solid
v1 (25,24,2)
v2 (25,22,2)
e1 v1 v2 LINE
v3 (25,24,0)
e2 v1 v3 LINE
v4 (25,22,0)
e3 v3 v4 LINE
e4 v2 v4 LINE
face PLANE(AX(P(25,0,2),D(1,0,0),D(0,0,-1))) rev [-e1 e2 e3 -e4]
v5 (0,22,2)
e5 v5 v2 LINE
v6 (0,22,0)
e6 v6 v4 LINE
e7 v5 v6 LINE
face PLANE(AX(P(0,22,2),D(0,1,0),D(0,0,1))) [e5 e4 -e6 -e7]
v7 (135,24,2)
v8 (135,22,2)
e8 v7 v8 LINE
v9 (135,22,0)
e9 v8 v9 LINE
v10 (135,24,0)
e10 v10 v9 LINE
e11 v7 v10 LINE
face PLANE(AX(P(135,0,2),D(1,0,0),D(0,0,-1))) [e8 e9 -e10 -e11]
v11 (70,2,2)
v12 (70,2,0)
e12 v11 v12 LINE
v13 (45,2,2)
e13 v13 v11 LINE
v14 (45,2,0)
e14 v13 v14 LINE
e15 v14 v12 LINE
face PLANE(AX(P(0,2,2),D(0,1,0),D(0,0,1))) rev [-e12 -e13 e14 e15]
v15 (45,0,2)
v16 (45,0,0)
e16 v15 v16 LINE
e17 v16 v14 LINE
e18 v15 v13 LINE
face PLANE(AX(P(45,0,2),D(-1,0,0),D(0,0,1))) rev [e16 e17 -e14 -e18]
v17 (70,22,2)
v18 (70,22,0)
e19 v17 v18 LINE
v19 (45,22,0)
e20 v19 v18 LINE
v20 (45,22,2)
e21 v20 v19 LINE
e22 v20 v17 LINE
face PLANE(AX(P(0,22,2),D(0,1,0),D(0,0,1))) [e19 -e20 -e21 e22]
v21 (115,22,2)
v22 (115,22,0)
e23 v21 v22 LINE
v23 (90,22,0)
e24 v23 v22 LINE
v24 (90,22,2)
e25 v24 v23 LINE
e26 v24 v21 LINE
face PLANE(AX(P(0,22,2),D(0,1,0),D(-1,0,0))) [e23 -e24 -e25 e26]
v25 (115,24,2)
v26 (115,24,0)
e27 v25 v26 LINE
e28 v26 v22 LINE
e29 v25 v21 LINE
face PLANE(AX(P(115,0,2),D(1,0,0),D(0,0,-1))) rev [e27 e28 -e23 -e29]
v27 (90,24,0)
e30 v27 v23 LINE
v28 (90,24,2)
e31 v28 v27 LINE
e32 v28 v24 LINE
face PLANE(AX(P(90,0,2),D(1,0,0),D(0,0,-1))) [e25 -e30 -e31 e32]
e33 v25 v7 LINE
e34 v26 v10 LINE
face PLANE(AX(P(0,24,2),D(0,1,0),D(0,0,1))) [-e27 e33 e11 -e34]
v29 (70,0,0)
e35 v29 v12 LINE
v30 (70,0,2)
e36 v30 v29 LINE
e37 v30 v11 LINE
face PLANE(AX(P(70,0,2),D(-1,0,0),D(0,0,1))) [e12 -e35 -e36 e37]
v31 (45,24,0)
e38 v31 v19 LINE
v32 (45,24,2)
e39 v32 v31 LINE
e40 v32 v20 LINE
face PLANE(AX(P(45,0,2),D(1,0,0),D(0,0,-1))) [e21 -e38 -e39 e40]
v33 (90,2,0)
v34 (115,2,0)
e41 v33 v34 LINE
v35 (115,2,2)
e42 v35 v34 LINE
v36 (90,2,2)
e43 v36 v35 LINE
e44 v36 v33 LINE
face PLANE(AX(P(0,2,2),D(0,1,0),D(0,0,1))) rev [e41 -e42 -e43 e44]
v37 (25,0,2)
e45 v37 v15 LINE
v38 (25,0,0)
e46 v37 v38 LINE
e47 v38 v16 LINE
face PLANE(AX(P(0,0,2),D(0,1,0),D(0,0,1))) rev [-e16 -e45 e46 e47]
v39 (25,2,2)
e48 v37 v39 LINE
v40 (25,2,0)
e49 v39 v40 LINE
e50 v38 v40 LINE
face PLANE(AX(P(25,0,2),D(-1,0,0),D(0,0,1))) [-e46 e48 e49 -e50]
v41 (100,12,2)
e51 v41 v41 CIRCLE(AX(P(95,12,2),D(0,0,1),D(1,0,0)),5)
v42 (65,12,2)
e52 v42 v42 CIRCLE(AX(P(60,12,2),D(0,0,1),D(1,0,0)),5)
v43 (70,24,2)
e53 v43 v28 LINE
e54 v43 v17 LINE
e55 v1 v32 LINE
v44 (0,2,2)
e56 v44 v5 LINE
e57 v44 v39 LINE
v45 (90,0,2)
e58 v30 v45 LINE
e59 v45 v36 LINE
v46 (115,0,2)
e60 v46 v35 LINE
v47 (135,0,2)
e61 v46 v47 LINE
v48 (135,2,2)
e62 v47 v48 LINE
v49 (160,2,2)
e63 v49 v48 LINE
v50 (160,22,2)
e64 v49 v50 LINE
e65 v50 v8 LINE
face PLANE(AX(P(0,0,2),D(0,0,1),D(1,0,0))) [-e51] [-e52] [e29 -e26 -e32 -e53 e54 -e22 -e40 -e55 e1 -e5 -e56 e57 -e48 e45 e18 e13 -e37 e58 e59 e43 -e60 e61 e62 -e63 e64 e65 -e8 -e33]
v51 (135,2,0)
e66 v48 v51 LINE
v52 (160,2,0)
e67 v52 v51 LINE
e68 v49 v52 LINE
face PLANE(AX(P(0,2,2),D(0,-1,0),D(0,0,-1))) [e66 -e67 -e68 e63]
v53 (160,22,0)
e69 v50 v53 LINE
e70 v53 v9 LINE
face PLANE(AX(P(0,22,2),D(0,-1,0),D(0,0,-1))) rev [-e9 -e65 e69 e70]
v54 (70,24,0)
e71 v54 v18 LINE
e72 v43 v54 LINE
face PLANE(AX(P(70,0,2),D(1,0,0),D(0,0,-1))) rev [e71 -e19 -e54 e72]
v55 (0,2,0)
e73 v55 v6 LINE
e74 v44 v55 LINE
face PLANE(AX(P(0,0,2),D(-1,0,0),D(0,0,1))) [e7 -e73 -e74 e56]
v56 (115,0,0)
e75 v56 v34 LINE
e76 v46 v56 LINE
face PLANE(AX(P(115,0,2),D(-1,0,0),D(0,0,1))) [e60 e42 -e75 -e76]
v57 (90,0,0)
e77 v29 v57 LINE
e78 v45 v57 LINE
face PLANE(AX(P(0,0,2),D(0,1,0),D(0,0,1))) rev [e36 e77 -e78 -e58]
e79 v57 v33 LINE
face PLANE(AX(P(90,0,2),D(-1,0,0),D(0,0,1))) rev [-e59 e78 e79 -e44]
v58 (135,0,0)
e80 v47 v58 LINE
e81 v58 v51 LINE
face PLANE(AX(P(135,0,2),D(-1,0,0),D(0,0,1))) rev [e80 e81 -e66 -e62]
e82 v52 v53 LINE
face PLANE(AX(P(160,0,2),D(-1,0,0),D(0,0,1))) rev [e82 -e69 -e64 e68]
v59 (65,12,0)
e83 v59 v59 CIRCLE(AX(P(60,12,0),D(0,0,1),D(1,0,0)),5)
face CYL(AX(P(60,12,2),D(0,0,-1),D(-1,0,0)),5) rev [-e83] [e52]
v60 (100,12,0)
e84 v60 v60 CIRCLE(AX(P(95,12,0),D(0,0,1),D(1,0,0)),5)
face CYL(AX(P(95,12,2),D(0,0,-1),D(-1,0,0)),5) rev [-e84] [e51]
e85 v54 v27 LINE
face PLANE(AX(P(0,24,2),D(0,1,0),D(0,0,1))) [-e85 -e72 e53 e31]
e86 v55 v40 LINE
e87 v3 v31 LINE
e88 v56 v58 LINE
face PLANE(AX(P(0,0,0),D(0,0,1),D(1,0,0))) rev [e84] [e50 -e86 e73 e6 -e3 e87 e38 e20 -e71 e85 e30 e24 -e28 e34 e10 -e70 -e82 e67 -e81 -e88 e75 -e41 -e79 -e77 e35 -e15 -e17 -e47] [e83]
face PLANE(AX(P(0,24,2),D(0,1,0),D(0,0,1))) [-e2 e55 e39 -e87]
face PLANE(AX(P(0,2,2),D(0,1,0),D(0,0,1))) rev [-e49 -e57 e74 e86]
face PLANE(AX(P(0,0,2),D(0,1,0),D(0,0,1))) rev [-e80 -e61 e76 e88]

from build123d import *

# Parameters (mm, degrees)
SKETCH_1_R      = 5
EXTRUDE_1_DEPTH = 2


with BuildPart() as part:
    # Эскиз1 → Бобышка-Вытянуть1 (new body)
    with BuildSketch(Plane.XY):
        Polygon((25, 2), (25, 0), (45, 0), (45, 2), (70, 2), (70, 0), (90, 0), (90, 2), (115, 2), (115, 0), (135, 0), (135, 2), (160, 2), (160, 22), (135, 22), (135, 24), (115, 24), (115, 22), (90, 22), (90, 24), (70, 24), (70, 22), (45, 22), (45, 24), (25, 24), (25, 22), (0, 22), (0, 2), align=None)
        with Locations((60, 12)):
            Circle(SKETCH_1_R, mode=Mode.SUBTRACT)
        with Locations((95, 12)):
            Circle(SKETCH_1_R, mode=Mode.SUBTRACT)
    extrude(amount=EXTRUDE_1_DEPTH)


solid = part.part
